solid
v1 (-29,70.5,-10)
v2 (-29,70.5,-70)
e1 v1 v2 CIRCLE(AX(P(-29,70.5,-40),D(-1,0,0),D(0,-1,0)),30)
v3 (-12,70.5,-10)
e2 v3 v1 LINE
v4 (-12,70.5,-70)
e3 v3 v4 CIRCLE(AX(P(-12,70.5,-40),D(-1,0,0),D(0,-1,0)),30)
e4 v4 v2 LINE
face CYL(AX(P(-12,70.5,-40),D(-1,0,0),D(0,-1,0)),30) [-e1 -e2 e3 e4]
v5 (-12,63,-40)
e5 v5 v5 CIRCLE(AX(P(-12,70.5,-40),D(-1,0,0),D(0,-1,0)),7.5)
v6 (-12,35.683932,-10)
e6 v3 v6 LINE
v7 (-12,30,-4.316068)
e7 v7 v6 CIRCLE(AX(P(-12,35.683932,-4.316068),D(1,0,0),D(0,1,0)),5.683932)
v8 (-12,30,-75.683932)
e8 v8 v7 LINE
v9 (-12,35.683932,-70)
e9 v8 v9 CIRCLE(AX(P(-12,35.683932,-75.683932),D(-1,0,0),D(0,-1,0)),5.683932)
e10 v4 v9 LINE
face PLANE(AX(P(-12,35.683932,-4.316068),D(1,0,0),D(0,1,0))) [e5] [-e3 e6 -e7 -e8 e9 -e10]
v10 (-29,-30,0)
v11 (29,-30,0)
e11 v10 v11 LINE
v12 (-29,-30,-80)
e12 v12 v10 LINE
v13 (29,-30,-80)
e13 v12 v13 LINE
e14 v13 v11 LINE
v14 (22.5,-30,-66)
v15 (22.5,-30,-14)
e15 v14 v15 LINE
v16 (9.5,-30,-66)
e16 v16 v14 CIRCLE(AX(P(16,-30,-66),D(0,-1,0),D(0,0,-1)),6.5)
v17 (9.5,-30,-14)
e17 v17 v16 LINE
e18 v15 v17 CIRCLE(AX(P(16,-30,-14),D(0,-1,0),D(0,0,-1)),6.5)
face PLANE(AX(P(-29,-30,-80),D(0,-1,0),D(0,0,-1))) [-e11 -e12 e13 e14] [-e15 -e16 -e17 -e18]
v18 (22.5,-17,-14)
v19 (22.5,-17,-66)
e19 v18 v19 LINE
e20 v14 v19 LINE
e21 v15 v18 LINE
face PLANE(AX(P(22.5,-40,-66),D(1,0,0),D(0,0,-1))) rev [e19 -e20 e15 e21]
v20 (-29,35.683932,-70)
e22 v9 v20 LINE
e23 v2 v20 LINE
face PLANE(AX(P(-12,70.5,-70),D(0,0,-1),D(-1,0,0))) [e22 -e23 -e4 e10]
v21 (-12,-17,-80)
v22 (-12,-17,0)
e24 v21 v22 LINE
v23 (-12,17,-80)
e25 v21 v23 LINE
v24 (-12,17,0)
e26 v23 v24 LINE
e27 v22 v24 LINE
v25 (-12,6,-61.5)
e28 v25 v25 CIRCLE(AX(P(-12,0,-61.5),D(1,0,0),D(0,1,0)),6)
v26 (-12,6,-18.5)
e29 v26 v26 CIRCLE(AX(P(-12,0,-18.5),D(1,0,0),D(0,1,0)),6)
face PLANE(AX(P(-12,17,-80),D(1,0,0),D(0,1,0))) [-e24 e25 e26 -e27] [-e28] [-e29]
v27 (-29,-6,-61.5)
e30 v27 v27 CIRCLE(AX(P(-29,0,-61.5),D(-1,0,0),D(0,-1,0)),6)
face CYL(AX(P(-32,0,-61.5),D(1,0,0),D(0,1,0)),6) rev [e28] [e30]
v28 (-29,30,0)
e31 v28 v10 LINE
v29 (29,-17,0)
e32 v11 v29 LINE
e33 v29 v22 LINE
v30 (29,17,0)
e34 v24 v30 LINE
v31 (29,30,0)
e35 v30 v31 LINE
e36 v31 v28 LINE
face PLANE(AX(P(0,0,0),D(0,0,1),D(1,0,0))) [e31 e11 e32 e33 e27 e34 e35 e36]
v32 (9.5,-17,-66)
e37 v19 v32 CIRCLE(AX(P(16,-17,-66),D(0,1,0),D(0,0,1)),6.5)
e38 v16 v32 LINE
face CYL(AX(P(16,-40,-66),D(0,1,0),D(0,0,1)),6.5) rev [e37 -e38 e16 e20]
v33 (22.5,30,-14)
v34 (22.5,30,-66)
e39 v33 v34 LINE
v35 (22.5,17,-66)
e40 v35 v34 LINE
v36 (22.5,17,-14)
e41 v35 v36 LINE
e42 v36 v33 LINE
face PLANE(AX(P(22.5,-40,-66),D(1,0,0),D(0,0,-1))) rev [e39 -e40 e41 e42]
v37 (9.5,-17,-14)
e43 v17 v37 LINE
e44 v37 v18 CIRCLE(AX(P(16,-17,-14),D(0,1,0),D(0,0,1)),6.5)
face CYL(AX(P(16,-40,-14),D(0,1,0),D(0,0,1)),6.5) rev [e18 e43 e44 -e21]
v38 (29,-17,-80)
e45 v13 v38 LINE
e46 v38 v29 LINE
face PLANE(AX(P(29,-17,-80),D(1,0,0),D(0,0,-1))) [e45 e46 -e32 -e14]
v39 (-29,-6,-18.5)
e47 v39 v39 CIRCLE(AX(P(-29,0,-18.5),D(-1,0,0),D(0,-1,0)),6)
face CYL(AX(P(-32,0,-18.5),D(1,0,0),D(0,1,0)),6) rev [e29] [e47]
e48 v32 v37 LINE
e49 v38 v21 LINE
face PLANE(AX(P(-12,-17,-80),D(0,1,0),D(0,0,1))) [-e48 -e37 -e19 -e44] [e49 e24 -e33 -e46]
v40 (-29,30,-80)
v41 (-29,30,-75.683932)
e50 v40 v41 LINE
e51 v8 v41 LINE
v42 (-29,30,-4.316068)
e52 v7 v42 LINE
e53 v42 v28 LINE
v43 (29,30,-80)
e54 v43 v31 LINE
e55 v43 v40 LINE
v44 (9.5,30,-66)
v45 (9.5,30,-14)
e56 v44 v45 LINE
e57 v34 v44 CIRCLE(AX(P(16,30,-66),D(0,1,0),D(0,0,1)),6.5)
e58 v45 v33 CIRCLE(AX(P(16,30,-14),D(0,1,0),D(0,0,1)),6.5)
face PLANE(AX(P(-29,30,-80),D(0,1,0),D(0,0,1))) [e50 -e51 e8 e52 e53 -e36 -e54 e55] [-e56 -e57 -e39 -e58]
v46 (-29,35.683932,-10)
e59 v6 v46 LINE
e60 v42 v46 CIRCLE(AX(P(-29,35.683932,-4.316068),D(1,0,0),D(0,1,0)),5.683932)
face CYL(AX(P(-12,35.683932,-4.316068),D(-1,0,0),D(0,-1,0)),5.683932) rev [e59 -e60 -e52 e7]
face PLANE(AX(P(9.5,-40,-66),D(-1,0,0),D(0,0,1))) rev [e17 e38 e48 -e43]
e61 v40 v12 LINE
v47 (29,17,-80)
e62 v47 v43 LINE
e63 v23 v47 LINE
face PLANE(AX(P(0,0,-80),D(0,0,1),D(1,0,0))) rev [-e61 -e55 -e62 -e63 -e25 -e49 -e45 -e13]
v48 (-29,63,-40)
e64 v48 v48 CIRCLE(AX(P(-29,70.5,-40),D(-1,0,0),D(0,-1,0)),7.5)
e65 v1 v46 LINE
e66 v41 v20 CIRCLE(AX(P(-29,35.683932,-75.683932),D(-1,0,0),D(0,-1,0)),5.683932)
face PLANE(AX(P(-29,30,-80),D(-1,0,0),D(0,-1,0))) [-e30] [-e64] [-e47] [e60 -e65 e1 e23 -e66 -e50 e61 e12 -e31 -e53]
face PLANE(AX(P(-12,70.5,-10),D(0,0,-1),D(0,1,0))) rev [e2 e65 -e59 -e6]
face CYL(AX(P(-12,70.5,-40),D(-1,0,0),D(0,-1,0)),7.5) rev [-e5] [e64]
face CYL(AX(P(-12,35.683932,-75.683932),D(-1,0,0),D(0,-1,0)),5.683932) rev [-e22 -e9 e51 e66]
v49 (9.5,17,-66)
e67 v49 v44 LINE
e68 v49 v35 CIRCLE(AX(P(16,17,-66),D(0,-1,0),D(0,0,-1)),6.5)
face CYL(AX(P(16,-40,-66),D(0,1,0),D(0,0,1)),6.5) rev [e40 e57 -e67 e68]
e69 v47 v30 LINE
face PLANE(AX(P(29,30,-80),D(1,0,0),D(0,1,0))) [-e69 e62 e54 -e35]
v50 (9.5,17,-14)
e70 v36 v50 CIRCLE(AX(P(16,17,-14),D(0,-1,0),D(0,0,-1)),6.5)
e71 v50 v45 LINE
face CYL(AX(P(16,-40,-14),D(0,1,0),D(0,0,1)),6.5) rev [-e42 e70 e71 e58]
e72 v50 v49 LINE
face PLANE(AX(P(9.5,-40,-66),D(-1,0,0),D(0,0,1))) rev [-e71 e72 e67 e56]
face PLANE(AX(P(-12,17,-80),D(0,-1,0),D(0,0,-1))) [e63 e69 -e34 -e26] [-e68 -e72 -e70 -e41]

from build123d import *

# Parameters (mm, degrees)
BOSS_EXTRUDE1_DEPTH = 80
BOSS_EXTRUDE2_DEPTH = 17
SKETCH3_R           = 7.5
CUT_EXTRUDE1_DEPTH  = 17
CUT_EXTRUDE2_DEPTH  = 70
SKETCH6_R           = 6
CUT_EXTRUDE3_DEPTH  = 20


with BuildPart() as part:
    # Sketch1 → Boss-Extrude1 (new body)
    with BuildSketch(Plane.XY):
        Polygon((-12, 17), (-12, -17), (29, -17), (29, -30), (-29, -30), (-29, 30), (29, 30), (29, 17), align=None)
    extrude(amount=-BOSS_EXTRUDE1_DEPTH)

    # Sketch2 → Boss-Extrude2 (add)
    with BuildSketch(Plane.ZY.offset(29)):
        with BuildLine():
            Line((-70, 70.5), (-70, 35.68393157))
            ThreePointArc((-70, 35.68393157), (-71.664785013, 31.664785013), (-75.68393157, 30))
            Line((-75.68393157, 30), (-4.31606843, 30))
            ThreePointArc((-4.31606843, 30), (-8.335214987, 31.664785013), (-10, 35.68393157))
            Line((-10, 35.68393157), (-10, 70.5))
            ThreePointArc((-10, 70.5), (-40, 100.5), (-70, 70.5))
        make_face()
    extrude(amount=-BOSS_EXTRUDE2_DEPTH)

    # Sketch3 → Cut-Extrude1 (cut)
    with BuildSketch(Plane.ZY.offset(29)):
        with Locations(Location((-40, 70.5, 0), (0, 0, 270))):
            Circle(SKETCH3_R)
    extrude(amount=-CUT_EXTRUDE1_DEPTH, mode=Mode.SUBTRACT)

    # Sketch4 → Cut-Extrude2 (cut)
    with BuildSketch(Plane(origin=(0, 30, 0), x_dir=(1, 0, 0), z_dir=(0, 1, 0))):
        with BuildLine():
            Line((9.5, 66), (9.5, 14))
            ThreePointArc((9.5, 14), (16, 7.5), (22.5, 14))
            Line((22.5, 14), (22.5, 66))
            ThreePointArc((22.5, 66), (16, 72.5), (9.5, 66))
        make_face()
    extrude(amount=-CUT_EXTRUDE2_DEPTH, mode=Mode.SUBTRACT)

    # Sketch6 → Cut-Extrude3 (cut)
    with BuildSketch(Plane(origin=(-12, 0, 0), x_dir=(0, 0, -1), z_dir=(1, 0, 0))):
        with Locations(Location((18.5, 0, 0), (0, 0, 90))):
            Circle(SKETCH6_R)
        with Locations(Location((61.5, 0, 0), (0, 0, 90))):
            Circle(SKETCH6_R)
    extrude(amount=-CUT_EXTRUDE3_DEPTH, mode=Mode.SUBTRACT)


solid = part.part
